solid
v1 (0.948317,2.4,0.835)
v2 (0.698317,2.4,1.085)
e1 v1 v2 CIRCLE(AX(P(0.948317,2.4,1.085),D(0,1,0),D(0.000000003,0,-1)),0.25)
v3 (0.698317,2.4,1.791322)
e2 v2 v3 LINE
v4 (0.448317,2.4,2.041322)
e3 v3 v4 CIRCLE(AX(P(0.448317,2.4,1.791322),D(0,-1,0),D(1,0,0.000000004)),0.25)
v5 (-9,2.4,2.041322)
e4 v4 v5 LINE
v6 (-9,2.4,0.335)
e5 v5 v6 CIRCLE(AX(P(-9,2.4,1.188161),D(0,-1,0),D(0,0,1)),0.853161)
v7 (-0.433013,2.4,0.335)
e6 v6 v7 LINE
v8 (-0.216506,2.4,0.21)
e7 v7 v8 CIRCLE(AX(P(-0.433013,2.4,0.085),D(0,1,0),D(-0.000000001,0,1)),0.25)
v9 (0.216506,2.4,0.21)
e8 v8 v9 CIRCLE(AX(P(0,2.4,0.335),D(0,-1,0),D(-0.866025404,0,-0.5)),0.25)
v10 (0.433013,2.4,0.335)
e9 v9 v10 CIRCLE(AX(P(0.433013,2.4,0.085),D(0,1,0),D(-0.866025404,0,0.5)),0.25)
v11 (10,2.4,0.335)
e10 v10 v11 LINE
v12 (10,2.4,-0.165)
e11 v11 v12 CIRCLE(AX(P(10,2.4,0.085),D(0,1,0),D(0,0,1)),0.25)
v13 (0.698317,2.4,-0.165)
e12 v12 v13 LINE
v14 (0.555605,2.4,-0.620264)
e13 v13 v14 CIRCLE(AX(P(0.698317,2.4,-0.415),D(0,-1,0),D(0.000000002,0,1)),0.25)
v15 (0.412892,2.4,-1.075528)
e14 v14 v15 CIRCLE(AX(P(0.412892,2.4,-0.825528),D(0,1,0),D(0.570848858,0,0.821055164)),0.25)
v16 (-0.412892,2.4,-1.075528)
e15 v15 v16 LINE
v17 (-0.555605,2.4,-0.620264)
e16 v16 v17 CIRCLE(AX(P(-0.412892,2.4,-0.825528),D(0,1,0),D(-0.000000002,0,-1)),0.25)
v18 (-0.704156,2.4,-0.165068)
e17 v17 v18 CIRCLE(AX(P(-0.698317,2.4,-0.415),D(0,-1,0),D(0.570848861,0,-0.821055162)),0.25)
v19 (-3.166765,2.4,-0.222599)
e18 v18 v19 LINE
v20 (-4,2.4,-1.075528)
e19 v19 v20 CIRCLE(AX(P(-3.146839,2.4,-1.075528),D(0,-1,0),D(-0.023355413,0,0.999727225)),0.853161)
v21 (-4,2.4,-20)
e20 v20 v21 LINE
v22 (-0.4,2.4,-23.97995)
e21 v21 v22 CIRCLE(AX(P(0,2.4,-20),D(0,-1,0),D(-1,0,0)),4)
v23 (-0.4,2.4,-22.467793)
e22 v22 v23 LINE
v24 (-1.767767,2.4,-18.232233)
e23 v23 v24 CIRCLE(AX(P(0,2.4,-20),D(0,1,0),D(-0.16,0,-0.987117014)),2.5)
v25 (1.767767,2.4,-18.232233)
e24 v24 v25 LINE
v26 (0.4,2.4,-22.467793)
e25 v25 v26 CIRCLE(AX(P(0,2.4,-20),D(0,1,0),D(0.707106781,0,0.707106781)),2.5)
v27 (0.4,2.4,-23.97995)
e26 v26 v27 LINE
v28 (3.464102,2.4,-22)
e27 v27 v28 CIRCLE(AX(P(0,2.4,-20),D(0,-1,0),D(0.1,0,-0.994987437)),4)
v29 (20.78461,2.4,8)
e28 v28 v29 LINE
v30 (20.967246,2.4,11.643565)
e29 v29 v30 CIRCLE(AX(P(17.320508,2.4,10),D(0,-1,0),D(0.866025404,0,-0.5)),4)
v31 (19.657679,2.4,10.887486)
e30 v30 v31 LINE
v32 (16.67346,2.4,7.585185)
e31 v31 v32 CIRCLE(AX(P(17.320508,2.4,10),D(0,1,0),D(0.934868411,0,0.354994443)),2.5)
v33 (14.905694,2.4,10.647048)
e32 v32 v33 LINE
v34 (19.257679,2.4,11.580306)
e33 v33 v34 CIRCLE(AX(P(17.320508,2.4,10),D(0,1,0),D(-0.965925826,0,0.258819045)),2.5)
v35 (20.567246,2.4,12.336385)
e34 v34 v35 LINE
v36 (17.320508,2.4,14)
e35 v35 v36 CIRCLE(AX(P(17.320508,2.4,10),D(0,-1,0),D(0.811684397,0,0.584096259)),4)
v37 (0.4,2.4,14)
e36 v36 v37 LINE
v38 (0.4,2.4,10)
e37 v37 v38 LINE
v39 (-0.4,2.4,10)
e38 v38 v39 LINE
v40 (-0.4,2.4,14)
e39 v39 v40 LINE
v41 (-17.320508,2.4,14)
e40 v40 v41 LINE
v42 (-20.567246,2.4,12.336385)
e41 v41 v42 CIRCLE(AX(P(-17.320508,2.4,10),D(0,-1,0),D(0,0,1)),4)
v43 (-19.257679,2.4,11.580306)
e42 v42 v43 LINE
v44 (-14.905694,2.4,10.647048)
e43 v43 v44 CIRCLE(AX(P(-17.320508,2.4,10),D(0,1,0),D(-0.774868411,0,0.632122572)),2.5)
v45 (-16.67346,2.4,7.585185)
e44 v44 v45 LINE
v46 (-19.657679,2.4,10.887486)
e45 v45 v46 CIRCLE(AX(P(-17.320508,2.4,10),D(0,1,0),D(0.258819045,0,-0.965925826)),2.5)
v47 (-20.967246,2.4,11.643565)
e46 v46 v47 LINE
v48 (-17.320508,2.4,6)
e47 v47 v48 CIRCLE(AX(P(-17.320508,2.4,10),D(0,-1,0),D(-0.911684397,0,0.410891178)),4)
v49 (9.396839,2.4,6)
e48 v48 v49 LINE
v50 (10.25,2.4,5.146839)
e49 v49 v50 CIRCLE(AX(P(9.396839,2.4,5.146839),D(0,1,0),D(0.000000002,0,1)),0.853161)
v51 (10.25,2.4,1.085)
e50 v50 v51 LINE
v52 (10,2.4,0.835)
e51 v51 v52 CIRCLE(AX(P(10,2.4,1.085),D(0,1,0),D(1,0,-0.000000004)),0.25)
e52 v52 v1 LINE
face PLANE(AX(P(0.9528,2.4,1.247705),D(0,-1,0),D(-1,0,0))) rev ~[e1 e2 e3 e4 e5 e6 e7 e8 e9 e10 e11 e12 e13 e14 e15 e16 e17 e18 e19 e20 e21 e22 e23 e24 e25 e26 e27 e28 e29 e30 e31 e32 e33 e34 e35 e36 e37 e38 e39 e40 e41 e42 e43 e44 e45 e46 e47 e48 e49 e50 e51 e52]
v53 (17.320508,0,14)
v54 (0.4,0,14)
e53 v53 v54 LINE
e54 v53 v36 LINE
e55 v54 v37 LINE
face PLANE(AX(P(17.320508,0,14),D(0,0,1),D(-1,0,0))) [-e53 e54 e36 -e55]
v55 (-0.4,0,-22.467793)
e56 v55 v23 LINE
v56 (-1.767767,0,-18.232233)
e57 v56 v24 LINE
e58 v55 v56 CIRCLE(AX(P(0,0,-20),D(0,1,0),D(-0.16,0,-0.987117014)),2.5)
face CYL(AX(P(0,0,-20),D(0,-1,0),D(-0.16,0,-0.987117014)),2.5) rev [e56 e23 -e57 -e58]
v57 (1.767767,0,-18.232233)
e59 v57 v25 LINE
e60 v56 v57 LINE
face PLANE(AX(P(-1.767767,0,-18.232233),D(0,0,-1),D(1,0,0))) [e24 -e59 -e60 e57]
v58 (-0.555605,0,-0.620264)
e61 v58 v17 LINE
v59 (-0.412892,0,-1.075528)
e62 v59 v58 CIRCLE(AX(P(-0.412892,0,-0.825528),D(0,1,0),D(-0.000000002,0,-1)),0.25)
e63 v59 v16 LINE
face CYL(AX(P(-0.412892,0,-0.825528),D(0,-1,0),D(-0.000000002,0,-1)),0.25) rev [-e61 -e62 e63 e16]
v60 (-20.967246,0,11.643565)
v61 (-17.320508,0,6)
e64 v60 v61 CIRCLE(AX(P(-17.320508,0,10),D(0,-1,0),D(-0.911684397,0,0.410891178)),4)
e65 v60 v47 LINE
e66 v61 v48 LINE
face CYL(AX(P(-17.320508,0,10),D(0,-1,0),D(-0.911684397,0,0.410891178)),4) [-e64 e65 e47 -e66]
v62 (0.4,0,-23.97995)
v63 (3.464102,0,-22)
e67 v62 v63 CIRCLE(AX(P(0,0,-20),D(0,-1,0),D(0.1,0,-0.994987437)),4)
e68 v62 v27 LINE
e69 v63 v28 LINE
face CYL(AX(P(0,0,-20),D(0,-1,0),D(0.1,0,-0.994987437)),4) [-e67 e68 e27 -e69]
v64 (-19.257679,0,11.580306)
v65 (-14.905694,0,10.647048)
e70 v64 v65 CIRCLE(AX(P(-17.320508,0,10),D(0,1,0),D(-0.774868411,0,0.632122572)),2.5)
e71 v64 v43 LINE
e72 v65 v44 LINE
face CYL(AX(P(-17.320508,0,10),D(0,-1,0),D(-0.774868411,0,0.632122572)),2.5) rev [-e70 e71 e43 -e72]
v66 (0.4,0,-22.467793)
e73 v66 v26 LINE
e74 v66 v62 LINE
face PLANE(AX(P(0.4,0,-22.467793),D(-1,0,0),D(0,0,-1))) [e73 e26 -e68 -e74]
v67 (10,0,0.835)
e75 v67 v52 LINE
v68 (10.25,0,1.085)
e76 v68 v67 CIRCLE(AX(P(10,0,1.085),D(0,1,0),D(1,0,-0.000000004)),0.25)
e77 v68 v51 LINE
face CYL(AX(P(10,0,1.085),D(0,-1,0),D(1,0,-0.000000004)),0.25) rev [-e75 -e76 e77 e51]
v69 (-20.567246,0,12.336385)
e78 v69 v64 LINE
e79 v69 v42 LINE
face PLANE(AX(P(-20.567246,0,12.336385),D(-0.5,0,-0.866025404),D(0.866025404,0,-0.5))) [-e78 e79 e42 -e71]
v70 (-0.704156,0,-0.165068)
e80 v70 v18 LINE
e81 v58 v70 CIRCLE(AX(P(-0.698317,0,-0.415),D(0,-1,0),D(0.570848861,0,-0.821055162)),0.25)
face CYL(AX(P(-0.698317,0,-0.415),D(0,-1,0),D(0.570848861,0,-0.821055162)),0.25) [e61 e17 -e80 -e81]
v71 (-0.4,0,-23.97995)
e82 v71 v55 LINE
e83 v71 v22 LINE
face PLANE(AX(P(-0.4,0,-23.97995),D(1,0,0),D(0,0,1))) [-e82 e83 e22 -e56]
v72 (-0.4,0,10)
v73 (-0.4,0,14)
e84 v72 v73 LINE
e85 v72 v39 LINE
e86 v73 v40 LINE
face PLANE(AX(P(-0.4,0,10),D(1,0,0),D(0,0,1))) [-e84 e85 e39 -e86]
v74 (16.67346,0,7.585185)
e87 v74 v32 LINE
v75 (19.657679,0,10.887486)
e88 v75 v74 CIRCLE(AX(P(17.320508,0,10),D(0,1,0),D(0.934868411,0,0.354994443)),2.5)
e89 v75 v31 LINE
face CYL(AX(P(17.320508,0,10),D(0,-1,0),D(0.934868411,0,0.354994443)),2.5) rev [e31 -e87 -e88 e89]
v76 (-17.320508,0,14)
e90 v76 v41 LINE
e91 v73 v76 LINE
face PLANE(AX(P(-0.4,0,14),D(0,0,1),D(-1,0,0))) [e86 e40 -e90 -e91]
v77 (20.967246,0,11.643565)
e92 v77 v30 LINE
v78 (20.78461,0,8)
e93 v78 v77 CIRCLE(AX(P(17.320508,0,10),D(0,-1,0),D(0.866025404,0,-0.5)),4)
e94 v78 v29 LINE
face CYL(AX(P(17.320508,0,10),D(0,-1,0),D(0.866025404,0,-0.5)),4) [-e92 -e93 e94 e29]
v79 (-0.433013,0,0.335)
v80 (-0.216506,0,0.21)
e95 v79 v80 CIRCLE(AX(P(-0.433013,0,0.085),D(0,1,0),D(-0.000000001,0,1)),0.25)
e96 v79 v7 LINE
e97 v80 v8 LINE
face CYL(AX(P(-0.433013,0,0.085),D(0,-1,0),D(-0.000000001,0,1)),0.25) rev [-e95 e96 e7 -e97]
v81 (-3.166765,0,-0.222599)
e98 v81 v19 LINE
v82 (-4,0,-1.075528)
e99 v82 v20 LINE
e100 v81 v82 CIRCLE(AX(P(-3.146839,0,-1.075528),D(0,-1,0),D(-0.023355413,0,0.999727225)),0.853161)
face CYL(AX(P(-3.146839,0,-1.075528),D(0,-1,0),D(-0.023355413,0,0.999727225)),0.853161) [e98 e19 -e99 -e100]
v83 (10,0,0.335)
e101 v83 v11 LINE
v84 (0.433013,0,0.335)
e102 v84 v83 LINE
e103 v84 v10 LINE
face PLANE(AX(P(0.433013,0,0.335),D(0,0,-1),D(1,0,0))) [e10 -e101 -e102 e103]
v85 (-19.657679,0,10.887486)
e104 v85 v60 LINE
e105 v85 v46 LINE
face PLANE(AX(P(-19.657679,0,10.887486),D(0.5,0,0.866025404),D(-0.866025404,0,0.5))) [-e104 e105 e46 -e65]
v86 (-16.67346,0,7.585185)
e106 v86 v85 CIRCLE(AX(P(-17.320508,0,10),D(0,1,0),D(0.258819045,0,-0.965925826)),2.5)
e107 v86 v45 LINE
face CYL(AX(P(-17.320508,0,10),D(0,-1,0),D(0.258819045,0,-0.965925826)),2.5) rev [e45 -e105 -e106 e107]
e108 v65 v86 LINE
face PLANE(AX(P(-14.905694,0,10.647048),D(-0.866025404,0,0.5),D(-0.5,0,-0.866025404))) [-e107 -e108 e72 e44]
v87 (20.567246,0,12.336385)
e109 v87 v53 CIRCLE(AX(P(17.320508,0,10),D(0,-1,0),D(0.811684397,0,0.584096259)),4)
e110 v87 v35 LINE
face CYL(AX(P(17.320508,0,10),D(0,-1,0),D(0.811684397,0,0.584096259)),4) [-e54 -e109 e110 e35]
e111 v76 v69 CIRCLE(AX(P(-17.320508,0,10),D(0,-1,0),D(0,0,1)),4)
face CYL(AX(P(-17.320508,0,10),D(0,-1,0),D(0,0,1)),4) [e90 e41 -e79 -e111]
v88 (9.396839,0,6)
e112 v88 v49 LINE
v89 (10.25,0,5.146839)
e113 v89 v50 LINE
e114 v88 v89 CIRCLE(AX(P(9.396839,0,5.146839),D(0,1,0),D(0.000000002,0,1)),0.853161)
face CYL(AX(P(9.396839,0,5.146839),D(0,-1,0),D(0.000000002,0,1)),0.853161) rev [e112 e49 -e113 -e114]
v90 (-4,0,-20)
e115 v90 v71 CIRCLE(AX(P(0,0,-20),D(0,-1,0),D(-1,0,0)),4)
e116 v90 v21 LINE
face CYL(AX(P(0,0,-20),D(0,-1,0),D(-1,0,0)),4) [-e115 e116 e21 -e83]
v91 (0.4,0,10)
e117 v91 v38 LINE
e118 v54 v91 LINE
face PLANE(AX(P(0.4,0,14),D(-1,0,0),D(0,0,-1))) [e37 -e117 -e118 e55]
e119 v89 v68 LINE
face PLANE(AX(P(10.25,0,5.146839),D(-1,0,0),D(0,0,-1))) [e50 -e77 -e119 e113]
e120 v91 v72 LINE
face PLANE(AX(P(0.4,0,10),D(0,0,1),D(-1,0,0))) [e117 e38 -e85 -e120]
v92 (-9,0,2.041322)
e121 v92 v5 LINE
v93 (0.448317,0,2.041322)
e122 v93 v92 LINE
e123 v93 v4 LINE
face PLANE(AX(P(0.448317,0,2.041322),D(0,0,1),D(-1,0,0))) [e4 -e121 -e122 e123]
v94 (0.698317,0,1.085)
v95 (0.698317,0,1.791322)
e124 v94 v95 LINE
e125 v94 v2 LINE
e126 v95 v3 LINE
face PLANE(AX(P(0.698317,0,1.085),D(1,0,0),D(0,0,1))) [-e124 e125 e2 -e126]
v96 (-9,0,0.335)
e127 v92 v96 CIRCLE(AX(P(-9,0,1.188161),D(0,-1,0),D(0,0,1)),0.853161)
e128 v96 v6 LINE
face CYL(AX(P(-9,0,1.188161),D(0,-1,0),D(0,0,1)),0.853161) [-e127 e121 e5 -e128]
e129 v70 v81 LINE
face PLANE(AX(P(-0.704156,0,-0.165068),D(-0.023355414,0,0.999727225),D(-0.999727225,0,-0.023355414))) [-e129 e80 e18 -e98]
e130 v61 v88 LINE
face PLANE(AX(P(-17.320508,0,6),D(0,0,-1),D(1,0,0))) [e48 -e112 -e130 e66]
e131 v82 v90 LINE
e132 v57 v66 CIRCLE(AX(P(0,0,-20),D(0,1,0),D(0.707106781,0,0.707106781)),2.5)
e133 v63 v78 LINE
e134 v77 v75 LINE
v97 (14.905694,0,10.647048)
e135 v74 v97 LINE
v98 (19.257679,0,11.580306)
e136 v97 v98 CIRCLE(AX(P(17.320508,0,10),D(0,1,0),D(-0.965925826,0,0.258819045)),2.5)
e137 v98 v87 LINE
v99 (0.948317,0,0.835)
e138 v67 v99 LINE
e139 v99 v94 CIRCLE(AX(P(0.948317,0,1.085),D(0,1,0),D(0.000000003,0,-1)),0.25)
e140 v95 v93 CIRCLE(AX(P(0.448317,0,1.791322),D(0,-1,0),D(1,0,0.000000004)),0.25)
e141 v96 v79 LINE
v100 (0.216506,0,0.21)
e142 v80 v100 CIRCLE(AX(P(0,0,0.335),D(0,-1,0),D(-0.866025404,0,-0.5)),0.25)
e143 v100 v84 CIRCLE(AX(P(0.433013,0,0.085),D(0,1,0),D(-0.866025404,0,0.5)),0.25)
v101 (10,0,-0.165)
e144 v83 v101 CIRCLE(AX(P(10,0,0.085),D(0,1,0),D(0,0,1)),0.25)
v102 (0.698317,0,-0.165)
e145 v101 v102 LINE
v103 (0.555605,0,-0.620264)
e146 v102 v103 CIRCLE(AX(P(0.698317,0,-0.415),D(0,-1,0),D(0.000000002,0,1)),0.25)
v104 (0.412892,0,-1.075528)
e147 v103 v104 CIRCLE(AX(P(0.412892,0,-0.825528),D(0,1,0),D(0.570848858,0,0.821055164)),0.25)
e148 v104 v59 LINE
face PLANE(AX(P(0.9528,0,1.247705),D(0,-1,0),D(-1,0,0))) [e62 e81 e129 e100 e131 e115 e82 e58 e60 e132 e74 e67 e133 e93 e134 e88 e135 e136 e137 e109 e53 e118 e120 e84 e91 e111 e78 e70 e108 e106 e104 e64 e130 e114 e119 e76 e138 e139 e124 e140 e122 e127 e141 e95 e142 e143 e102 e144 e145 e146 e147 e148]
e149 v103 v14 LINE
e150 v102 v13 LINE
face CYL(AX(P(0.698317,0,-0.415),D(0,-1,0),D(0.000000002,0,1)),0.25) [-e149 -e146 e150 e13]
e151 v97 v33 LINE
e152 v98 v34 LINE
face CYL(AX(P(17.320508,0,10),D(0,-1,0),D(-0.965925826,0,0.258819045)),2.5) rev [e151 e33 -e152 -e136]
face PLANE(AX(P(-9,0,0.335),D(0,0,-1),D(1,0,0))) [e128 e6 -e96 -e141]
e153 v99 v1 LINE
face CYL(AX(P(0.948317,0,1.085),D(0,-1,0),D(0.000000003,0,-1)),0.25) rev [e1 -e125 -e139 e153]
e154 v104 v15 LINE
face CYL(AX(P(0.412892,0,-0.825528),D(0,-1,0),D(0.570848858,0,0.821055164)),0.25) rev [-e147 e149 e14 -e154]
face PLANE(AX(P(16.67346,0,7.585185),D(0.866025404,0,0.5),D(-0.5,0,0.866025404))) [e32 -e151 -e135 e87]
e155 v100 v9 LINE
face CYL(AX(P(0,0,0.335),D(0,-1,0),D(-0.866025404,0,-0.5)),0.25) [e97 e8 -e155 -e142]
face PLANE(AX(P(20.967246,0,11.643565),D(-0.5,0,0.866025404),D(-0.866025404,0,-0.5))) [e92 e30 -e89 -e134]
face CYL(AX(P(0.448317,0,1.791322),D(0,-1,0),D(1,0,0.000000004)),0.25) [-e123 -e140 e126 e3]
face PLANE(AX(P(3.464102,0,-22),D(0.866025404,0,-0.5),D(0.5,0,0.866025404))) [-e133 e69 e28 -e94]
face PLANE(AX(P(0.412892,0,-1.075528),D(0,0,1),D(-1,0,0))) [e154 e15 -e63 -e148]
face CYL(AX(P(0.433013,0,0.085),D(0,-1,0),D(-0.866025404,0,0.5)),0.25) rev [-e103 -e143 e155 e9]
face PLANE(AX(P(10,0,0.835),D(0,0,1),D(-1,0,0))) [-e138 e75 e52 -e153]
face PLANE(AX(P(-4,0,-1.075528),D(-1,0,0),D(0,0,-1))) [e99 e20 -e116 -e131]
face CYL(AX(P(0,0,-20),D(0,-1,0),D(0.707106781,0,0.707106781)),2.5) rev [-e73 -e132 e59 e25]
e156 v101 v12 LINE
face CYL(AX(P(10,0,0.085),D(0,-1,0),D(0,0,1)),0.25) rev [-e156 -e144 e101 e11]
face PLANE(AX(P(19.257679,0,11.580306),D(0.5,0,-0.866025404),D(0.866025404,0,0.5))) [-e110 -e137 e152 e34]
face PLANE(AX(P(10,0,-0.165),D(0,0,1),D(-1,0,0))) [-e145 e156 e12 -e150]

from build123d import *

# Parameters (mm, degrees)
BOSS_EXTRUDE1_DEPTH = 2.4


with BuildPart() as part:
    # Sketch1 → Boss-Extrude1 (new body)
    with BuildSketch(Plane(origin=(0, 0, 0), x_dir=(1, 0, 0), z_dir=(0, 1, 0))):
        with BuildLine():
            Line((-1.767766953, 18.232233047), (1.767766953, 18.232233047))
            ThreePointArc((1.767766953, 18.232233047), (2.379032248, 20.768248374), (0.4, 22.467792536))
            Line((0.4, 22.467792536), (0.4, 23.979949748))
            ThreePointArc((0.4, 23.979949748), (2.170914686, 23.359632335), (3.464101615, 22))
            Line((3.464101615, 22), (20.784609691, -8))
            ThreePointArc((20.784609691, -8), (21.315492368, -9.7997489), (20.967245664, -11.643564713))
            Line((20.967245664, -11.643564713), (19.657679103, -10.887486106))
            ThreePointArc((19.657679103, -10.887486106), (19.175346808, -8.323821824), (16.673460463, -7.585185434))
            Line((16.673460463, -7.585185434), (14.90569351, -10.647047613))
            ThreePointArc((14.90569351, -10.647047613), (16.79631456, -12.44442655), (19.257679103, -11.580306429))
            Line((19.257679103, -11.580306429), (20.567245664, -12.336385036))
            ThreePointArc((20.567245664, -12.336385036), (19.144577682, -13.559883435), (17.320508076, -14))
            Line((17.320508076, -14), (0.4, -14))
            Line((0.4, -14), (0.4, -10))
            Line((0.4, -10), (-0.4, -10))
            Line((-0.4, -10), (-0.4, -14))
            Line((-0.4, -14), (-17.320508076, -14))
            ThreePointArc((-17.320508076, -14), (-19.144577682, -13.559883435), (-20.567245664, -12.336385036))
            Line((-20.567245664, -12.336385036), (-19.257679103, -11.580306429))
            ThreePointArc((-19.257679103, -11.580306429), (-16.79631456, -12.44442655), (-14.90569351, -10.647047613))
            Line((-14.90569351, -10.647047613), (-16.673460463, -7.585185434))
            ThreePointArc((-16.673460463, -7.585185434), (-19.175346808, -8.323821824), (-19.657679103, -10.887486106))
            Line((-19.657679103, -10.887486106), (-20.967245664, -11.643564713))
            ThreePointArc((-20.967245664, -11.643564713), (-20.680140411, -7.829085314), (-17.320508076, -6))
            Line((-17.320508076, -6), (9.396838839, -6))
            ThreePointArc((9.396838839, -6), (10.000114881, -5.750114881), (10.25, -5.146838839))
            Line((10.25, -5.146838839), (10.25, -1.085))
            ThreePointArc((10.25, -1.085), (10.176776695, -0.908223305), (10, -0.835))
            Line((10, -0.835), (0.94831677, -0.835))
            ThreePointArc((0.94831677, -0.835), (0.771540074, -0.908223305), (0.69831677, -1.085))
            Line((0.69831677, -1.085), (0.69831677, -1.791322322))
            ThreePointArc((0.69831677, -1.791322322), (0.625093465, -1.968099017), (0.44831677, -2.041322322))
            Line((0.44831677, -2.041322322), (-9, -2.041322322))
            ThreePointArc((-9, -2.041322322), (-9.853161161, -1.188161161), (-9, -0.335))
            Line((-9, -0.335), (-0.433012702, -0.335))
            ThreePointArc((-0.433012702, -0.335), (-0.308012702, -0.301506351), (-0.216506351, -0.21))
            ThreePointArc((-0.216506351, -0.21), (0, -0.085), (0.216506351, -0.21))
            ThreePointArc((0.216506351, -0.21), (0.308012702, -0.301506351), (0.433012702, -0.335))
            Line((0.433012702, -0.335), (10, -0.335))
            ThreePointArc((10, -0.335), (10.25, -0.085), (10, 0.165))
            Line((10, 0.165), (0.69831677, 0.165))
            ThreePointArc((0.69831677, 0.165), (0.459762847, 0.340220149), (0.555604555, 0.620263791))
            ThreePointArc((0.555604555, 0.620263791), (0.651446263, 0.900307433), (0.412892341, 1.075527582))
            Line((0.412892341, 1.075527582), (-0.412892341, 1.075527582))
            ThreePointArc((-0.412892341, 1.075527582), (-0.651446263, 0.900307433), (-0.555604555, 0.620263791))
            ThreePointArc((-0.555604555, 0.620263791), (-0.460652433, 0.337439296), (-0.704155623, 0.165068194))
            Line((-0.704155623, 0.165068194), (-3.166764771, 0.222599142))
            ThreePointArc((-3.166764771, 0.222599142), (-3.757119102, 0.479338042), (-4, 1.075527582))
            Line((-4, 1.075527582), (-4, 20))
            ThreePointArc((-4, 20), (-2.966479395, 22.683281573), (-0.4, 23.979949748))
            Line((-0.4, 23.979949748), (-0.4, 22.467792536))
            ThreePointArc((-0.4, 22.467792536), (-2.379032248, 20.768248374), (-1.767766953, 18.232233047))
        make_face()
    extrude(amount=BOSS_EXTRUDE1_DEPTH)


solid = part.part
